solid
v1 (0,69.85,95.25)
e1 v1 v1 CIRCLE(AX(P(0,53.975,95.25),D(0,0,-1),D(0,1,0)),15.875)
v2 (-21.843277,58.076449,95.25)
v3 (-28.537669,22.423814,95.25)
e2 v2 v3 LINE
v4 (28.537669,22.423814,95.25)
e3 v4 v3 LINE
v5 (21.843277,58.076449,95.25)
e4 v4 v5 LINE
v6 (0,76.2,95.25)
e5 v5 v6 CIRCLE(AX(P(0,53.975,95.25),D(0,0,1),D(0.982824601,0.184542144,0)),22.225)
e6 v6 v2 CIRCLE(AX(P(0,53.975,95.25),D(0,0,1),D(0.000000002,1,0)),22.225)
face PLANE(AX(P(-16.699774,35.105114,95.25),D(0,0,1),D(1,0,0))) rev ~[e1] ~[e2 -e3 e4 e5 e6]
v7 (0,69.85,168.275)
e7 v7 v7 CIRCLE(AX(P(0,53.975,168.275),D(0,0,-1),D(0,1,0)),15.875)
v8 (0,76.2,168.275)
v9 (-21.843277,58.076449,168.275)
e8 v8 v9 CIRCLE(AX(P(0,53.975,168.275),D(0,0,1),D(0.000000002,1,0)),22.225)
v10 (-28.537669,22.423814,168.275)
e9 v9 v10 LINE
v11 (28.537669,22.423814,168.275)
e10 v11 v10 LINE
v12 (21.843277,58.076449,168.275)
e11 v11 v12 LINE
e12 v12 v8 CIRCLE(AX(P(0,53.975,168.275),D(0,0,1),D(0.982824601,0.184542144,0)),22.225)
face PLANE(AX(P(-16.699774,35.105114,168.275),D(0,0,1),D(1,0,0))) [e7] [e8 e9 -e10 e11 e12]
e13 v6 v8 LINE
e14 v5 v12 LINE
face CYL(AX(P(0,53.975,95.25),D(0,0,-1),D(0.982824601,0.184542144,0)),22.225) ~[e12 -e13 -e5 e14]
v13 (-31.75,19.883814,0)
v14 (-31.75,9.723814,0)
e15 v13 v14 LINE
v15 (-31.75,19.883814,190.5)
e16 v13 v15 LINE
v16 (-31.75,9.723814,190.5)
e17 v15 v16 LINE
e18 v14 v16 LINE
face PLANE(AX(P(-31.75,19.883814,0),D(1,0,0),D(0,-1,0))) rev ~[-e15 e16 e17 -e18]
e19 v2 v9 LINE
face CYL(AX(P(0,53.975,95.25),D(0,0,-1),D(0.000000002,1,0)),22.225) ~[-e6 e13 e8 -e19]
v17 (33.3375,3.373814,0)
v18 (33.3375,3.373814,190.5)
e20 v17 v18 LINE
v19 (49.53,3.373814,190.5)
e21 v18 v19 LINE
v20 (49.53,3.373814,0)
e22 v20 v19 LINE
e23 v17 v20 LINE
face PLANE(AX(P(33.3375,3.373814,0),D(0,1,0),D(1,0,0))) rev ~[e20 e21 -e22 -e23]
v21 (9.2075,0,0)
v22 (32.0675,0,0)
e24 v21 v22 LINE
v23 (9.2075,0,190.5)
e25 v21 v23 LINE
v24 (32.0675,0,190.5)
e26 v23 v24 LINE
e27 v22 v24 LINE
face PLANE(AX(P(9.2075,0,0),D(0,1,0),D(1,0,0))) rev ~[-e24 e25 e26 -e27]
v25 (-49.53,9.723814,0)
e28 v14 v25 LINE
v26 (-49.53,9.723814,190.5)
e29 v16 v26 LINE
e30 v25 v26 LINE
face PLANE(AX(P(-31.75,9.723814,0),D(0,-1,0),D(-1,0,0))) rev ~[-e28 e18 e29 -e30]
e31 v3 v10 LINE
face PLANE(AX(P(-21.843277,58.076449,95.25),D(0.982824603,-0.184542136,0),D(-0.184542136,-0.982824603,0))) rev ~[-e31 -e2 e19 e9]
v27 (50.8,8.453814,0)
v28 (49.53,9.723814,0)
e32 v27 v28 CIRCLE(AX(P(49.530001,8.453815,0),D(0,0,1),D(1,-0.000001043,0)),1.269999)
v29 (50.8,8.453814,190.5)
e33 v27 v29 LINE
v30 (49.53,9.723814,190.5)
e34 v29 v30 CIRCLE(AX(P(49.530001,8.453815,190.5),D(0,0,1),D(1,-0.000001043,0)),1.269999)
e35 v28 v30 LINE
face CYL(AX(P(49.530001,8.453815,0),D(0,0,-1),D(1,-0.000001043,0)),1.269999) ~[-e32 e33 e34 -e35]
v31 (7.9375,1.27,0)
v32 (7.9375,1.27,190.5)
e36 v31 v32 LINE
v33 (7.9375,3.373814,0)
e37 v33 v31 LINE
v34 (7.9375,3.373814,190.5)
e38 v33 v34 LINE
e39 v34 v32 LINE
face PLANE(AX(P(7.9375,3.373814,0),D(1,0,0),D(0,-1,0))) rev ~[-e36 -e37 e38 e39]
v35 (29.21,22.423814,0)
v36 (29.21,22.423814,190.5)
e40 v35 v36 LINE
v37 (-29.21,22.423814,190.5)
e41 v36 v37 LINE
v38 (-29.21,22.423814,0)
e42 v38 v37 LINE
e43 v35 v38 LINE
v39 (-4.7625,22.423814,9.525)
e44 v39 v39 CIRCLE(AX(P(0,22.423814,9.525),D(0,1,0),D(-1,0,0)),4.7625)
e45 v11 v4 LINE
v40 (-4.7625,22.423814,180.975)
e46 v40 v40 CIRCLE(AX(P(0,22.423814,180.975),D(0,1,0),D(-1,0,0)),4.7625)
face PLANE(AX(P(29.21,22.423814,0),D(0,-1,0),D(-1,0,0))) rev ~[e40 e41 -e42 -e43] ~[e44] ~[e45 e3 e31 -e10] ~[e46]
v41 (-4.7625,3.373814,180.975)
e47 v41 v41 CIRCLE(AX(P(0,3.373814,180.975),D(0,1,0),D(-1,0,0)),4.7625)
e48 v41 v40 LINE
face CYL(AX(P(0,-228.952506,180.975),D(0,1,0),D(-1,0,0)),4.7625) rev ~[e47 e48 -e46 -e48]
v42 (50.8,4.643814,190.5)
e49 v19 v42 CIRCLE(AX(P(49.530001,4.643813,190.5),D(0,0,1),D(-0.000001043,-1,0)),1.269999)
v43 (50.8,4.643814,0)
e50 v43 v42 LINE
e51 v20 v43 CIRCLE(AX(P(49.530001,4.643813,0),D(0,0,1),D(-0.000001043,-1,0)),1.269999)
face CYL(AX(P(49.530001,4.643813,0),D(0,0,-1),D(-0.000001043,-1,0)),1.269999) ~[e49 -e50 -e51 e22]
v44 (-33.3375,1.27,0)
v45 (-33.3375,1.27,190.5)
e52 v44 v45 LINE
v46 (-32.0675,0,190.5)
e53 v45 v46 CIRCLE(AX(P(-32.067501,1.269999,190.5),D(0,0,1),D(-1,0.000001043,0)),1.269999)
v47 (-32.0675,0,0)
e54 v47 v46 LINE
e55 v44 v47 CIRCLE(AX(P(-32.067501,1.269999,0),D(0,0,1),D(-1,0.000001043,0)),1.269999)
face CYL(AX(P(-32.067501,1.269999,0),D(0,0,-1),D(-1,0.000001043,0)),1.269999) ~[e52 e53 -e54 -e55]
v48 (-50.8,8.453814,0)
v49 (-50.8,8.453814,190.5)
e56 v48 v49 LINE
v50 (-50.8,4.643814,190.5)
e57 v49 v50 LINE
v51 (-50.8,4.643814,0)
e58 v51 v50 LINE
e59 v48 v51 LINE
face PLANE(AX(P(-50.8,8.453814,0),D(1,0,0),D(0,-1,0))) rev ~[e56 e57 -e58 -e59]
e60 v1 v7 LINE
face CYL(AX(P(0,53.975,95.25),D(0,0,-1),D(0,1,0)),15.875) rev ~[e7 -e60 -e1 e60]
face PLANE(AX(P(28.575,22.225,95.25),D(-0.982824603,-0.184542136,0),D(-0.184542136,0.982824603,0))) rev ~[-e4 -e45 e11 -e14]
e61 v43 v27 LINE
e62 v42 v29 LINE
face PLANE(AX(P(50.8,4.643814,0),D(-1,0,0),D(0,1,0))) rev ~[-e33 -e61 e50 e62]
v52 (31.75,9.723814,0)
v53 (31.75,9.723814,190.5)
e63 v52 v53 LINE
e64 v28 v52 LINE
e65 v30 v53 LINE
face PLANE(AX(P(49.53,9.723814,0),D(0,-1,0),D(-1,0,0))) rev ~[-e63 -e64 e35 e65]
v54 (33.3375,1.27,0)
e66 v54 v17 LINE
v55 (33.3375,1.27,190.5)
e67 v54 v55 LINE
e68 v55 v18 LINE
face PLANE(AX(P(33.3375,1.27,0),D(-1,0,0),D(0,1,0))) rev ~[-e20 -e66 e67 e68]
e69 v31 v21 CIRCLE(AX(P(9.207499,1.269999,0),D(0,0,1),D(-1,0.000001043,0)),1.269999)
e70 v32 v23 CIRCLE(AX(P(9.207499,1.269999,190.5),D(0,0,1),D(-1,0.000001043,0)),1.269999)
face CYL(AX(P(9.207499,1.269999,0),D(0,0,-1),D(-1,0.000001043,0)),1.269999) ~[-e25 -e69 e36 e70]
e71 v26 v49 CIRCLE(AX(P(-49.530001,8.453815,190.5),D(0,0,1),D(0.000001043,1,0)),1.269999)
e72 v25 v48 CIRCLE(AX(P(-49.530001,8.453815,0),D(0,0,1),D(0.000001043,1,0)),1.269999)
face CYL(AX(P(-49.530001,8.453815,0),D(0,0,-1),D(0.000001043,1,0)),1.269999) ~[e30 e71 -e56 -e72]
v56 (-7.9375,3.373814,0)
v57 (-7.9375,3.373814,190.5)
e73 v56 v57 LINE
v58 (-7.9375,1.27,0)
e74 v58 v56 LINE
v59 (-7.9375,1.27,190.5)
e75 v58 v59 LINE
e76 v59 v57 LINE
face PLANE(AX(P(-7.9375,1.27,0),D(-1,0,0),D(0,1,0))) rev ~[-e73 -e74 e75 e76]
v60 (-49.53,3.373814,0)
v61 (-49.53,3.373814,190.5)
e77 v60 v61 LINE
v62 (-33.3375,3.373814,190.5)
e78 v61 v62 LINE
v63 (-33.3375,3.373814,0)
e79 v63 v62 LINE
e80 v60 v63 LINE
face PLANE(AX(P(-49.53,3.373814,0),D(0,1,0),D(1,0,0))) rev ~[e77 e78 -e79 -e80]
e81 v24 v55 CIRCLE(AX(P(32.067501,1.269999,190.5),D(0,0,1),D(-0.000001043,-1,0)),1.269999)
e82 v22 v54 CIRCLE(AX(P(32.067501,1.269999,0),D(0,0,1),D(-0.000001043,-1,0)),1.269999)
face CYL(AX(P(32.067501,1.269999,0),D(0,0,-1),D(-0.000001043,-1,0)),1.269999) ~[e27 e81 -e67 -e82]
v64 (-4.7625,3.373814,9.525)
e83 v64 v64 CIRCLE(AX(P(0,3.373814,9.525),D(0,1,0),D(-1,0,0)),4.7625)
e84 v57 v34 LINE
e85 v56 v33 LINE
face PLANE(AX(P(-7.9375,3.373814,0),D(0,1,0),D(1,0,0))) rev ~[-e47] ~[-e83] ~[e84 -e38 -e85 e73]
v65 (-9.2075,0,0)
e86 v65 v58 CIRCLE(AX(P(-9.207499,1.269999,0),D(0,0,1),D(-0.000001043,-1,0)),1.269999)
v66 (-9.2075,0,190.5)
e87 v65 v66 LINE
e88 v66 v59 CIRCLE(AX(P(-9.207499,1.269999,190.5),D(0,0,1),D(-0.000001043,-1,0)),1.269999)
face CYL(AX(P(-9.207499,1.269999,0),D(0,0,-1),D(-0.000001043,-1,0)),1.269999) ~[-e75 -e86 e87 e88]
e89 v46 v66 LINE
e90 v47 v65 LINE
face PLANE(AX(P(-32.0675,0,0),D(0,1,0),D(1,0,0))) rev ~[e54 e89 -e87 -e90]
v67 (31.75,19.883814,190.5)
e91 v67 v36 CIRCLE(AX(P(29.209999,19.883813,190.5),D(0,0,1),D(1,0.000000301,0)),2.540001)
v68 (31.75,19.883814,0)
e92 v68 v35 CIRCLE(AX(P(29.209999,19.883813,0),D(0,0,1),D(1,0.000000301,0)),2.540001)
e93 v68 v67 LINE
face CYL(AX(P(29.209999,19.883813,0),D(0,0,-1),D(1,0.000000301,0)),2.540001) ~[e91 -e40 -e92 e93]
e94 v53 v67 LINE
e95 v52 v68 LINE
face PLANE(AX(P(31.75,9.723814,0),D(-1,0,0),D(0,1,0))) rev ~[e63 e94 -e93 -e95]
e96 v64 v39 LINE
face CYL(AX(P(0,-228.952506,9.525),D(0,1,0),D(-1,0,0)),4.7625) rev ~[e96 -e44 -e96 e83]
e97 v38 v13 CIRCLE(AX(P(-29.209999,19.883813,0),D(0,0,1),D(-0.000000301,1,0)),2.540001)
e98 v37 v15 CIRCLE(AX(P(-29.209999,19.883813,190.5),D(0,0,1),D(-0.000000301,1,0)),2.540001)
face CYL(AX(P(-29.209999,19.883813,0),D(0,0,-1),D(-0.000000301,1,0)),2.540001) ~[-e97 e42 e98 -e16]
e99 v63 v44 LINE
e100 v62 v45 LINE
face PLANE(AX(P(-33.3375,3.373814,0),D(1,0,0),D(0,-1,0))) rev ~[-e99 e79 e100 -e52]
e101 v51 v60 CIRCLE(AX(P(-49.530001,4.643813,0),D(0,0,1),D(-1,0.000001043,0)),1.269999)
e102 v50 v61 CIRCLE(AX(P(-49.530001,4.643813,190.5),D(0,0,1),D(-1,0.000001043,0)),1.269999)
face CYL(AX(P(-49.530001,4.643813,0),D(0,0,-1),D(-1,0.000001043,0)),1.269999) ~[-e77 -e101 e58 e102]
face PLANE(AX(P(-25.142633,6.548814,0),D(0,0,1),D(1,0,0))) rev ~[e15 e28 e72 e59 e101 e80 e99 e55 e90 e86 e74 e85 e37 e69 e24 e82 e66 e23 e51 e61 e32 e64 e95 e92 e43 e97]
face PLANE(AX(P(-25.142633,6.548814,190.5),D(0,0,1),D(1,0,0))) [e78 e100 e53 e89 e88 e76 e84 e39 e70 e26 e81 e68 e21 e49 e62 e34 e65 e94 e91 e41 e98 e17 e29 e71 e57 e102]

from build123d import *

# Parameters (mm, degrees)
F1_DEPTH = 190.5
F4_DEPTH = 73.025
F6_D     = 9.525
F7_D     = 9.525


with BuildPart() as f1:
    # F0 (on Top) → F1 (new body)
    with BuildSketch(Plane.XY):
        with BuildLine():
            Line((-7.9375, 3.373814), (0, 3.373814))
            Line((0, 3.373814), (0, 9.723814))
            Line((0, 9.723814), (-31.75, 9.723814))
            Line((-31.75, 9.723814), (-49.53, 9.723814))
            ThreePointArc((-49.53, 9.723814), (-50.428026, 9.35184), (-50.8, 8.453814))
            Line((-50.8, 8.453814), (-50.8, 4.643814))
            ThreePointArc((-50.8, 4.643814), (-50.428026, 3.745788), (-49.53, 3.373814))
            Line((-49.53, 3.373814), (-33.3375, 3.373814))
            Line((-33.3375, 3.373814), (-7.9375, 3.373814))
        make_face()
        with BuildLine():
            Line((0, 9.723814), (0, 3.373814))
            Line((0, 3.373814), (7.9375, 3.373814))
            Line((7.9375, 3.373814), (33.3375, 3.373814))
            Line((33.3375, 3.373814), (49.53, 3.373814))
            ThreePointArc((49.53, 3.373814), (50.428026, 3.745788), (50.8, 4.643814))
            Line((50.8, 4.643814), (50.8, 8.453814))
            ThreePointArc((50.8, 8.453814), (50.428026, 9.35184), (49.53, 9.723814))
            Line((49.53, 9.723814), (31.75, 9.723814))
            Line((31.75, 9.723814), (0, 9.723814))
        make_face()
        with BuildLine():
            Line((-31.75, 9.723814), (0, 9.723814))
            Line((0, 9.723814), (0, 22.423814))
            Line((0, 22.423814), (-29.21, 22.423814))
            ThreePointArc((-29.21, 22.423814), (-31.006051, 21.679865), (-31.75, 19.883814))
            Line((-31.75, 19.883814), (-31.75, 9.723814))
        make_face()
        with BuildLine():
            Line((0, 22.423814), (0, 9.723814))
            Line((0, 9.723814), (31.75, 9.723814))
            Line((31.75, 9.723814), (31.75, 19.883814))
            ThreePointArc((31.75, 19.883814), (31.006051, 21.679865), (29.21, 22.423814))
            Line((29.21, 22.423814), (0, 22.423814))
        make_face()
        with BuildLine():
            Line((-7.9375, 1.27), (-7.9375, 3.373814))
            Line((-7.9375, 3.373814), (-33.3375, 3.373814))
            Line((-33.3375, 3.373814), (-33.3375, 1.27))
            ThreePointArc((-33.3375, 1.27), (-32.965526, 0.371974), (-32.0675, 0))
            Line((-32.0675, 0), (-9.2075, 0))
            ThreePointArc((-9.2075, 0), (-8.309474, 0.371974), (-7.9375, 1.27))
        make_face()
        with BuildLine():
            Line((33.3375, 3.373814), (7.9375, 3.373814))
            Line((7.9375, 3.373814), (7.9375, 1.27))
            ThreePointArc((7.9375, 1.27), (8.309474, 0.371974), (9.2075, 0))
            Line((9.2075, 0), (32.0675, 0))
            ThreePointArc((32.0675, 0), (32.965526, 0.371974), (33.3375, 1.27))
            Line((33.3375, 1.27), (33.3375, 3.373814))
        make_face()
    extrude(amount=F1_DEPTH)

    # F3 (on offset) → F4 (join)
    with BuildSketch(Plane.XY.offset(95.25)):
        with BuildLine():
            Line((-21.843277, 58.076449), (-28.575, 22.225))
            Line((-28.575, 22.225), (0, 22.225))
            Line((0, 22.225), (0, 31.75))
            ThreePointArc((0, 31.75), (-17.104171, 39.783525), (-21.843277, 58.076449))
        make_face()
        with BuildLine():
            ThreePointArc((0, 76.2), (-14.191475, 71.079171), (-21.843277, 58.076449))
            ThreePointArc((-21.843277, 58.076449), (-17.104171, 39.783525), (0, 31.75))
            Line((0, 31.75), (0, 38.1))
            ThreePointArc((0, 38.1), (-15.875, 53.975), (0, 69.85))
            Line((0, 69.85), (0, 76.2))
        make_face()
        with BuildLine():
            Line((0, 31.75), (0, 22.225))
            Line((0, 22.225), (28.575, 22.225))
            Line((28.575, 22.225), (21.843277, 58.076449))
            ThreePointArc((21.843277, 58.076449), (17.104171, 39.783525), (0, 31.75))
        make_face()
        with BuildLine():
            ThreePointArc((21.843277, 58.076449), (14.191475, 71.079171), (0, 76.2))
            Line((0, 76.2), (0, 69.85))
            ThreePointArc((0, 69.85), (15.875, 53.975), (0, 38.1))
            Line((0, 38.1), (0, 31.75))
            ThreePointArc((0, 31.75), (17.104171, 39.783525), (21.843277, 58.076449))
        make_face()
    extrude(amount=F4_DEPTH)

    # F6 (through all)
    with Locations(Plane.XZ):
        with Locations((0, 180.975)):
            Hole(F6_D / 2)

    # F7 (through all)
    with Locations(Plane.XZ):
        with Locations((0, 9.525)):
            Hole(F7_D / 2)


solid = f1.part
